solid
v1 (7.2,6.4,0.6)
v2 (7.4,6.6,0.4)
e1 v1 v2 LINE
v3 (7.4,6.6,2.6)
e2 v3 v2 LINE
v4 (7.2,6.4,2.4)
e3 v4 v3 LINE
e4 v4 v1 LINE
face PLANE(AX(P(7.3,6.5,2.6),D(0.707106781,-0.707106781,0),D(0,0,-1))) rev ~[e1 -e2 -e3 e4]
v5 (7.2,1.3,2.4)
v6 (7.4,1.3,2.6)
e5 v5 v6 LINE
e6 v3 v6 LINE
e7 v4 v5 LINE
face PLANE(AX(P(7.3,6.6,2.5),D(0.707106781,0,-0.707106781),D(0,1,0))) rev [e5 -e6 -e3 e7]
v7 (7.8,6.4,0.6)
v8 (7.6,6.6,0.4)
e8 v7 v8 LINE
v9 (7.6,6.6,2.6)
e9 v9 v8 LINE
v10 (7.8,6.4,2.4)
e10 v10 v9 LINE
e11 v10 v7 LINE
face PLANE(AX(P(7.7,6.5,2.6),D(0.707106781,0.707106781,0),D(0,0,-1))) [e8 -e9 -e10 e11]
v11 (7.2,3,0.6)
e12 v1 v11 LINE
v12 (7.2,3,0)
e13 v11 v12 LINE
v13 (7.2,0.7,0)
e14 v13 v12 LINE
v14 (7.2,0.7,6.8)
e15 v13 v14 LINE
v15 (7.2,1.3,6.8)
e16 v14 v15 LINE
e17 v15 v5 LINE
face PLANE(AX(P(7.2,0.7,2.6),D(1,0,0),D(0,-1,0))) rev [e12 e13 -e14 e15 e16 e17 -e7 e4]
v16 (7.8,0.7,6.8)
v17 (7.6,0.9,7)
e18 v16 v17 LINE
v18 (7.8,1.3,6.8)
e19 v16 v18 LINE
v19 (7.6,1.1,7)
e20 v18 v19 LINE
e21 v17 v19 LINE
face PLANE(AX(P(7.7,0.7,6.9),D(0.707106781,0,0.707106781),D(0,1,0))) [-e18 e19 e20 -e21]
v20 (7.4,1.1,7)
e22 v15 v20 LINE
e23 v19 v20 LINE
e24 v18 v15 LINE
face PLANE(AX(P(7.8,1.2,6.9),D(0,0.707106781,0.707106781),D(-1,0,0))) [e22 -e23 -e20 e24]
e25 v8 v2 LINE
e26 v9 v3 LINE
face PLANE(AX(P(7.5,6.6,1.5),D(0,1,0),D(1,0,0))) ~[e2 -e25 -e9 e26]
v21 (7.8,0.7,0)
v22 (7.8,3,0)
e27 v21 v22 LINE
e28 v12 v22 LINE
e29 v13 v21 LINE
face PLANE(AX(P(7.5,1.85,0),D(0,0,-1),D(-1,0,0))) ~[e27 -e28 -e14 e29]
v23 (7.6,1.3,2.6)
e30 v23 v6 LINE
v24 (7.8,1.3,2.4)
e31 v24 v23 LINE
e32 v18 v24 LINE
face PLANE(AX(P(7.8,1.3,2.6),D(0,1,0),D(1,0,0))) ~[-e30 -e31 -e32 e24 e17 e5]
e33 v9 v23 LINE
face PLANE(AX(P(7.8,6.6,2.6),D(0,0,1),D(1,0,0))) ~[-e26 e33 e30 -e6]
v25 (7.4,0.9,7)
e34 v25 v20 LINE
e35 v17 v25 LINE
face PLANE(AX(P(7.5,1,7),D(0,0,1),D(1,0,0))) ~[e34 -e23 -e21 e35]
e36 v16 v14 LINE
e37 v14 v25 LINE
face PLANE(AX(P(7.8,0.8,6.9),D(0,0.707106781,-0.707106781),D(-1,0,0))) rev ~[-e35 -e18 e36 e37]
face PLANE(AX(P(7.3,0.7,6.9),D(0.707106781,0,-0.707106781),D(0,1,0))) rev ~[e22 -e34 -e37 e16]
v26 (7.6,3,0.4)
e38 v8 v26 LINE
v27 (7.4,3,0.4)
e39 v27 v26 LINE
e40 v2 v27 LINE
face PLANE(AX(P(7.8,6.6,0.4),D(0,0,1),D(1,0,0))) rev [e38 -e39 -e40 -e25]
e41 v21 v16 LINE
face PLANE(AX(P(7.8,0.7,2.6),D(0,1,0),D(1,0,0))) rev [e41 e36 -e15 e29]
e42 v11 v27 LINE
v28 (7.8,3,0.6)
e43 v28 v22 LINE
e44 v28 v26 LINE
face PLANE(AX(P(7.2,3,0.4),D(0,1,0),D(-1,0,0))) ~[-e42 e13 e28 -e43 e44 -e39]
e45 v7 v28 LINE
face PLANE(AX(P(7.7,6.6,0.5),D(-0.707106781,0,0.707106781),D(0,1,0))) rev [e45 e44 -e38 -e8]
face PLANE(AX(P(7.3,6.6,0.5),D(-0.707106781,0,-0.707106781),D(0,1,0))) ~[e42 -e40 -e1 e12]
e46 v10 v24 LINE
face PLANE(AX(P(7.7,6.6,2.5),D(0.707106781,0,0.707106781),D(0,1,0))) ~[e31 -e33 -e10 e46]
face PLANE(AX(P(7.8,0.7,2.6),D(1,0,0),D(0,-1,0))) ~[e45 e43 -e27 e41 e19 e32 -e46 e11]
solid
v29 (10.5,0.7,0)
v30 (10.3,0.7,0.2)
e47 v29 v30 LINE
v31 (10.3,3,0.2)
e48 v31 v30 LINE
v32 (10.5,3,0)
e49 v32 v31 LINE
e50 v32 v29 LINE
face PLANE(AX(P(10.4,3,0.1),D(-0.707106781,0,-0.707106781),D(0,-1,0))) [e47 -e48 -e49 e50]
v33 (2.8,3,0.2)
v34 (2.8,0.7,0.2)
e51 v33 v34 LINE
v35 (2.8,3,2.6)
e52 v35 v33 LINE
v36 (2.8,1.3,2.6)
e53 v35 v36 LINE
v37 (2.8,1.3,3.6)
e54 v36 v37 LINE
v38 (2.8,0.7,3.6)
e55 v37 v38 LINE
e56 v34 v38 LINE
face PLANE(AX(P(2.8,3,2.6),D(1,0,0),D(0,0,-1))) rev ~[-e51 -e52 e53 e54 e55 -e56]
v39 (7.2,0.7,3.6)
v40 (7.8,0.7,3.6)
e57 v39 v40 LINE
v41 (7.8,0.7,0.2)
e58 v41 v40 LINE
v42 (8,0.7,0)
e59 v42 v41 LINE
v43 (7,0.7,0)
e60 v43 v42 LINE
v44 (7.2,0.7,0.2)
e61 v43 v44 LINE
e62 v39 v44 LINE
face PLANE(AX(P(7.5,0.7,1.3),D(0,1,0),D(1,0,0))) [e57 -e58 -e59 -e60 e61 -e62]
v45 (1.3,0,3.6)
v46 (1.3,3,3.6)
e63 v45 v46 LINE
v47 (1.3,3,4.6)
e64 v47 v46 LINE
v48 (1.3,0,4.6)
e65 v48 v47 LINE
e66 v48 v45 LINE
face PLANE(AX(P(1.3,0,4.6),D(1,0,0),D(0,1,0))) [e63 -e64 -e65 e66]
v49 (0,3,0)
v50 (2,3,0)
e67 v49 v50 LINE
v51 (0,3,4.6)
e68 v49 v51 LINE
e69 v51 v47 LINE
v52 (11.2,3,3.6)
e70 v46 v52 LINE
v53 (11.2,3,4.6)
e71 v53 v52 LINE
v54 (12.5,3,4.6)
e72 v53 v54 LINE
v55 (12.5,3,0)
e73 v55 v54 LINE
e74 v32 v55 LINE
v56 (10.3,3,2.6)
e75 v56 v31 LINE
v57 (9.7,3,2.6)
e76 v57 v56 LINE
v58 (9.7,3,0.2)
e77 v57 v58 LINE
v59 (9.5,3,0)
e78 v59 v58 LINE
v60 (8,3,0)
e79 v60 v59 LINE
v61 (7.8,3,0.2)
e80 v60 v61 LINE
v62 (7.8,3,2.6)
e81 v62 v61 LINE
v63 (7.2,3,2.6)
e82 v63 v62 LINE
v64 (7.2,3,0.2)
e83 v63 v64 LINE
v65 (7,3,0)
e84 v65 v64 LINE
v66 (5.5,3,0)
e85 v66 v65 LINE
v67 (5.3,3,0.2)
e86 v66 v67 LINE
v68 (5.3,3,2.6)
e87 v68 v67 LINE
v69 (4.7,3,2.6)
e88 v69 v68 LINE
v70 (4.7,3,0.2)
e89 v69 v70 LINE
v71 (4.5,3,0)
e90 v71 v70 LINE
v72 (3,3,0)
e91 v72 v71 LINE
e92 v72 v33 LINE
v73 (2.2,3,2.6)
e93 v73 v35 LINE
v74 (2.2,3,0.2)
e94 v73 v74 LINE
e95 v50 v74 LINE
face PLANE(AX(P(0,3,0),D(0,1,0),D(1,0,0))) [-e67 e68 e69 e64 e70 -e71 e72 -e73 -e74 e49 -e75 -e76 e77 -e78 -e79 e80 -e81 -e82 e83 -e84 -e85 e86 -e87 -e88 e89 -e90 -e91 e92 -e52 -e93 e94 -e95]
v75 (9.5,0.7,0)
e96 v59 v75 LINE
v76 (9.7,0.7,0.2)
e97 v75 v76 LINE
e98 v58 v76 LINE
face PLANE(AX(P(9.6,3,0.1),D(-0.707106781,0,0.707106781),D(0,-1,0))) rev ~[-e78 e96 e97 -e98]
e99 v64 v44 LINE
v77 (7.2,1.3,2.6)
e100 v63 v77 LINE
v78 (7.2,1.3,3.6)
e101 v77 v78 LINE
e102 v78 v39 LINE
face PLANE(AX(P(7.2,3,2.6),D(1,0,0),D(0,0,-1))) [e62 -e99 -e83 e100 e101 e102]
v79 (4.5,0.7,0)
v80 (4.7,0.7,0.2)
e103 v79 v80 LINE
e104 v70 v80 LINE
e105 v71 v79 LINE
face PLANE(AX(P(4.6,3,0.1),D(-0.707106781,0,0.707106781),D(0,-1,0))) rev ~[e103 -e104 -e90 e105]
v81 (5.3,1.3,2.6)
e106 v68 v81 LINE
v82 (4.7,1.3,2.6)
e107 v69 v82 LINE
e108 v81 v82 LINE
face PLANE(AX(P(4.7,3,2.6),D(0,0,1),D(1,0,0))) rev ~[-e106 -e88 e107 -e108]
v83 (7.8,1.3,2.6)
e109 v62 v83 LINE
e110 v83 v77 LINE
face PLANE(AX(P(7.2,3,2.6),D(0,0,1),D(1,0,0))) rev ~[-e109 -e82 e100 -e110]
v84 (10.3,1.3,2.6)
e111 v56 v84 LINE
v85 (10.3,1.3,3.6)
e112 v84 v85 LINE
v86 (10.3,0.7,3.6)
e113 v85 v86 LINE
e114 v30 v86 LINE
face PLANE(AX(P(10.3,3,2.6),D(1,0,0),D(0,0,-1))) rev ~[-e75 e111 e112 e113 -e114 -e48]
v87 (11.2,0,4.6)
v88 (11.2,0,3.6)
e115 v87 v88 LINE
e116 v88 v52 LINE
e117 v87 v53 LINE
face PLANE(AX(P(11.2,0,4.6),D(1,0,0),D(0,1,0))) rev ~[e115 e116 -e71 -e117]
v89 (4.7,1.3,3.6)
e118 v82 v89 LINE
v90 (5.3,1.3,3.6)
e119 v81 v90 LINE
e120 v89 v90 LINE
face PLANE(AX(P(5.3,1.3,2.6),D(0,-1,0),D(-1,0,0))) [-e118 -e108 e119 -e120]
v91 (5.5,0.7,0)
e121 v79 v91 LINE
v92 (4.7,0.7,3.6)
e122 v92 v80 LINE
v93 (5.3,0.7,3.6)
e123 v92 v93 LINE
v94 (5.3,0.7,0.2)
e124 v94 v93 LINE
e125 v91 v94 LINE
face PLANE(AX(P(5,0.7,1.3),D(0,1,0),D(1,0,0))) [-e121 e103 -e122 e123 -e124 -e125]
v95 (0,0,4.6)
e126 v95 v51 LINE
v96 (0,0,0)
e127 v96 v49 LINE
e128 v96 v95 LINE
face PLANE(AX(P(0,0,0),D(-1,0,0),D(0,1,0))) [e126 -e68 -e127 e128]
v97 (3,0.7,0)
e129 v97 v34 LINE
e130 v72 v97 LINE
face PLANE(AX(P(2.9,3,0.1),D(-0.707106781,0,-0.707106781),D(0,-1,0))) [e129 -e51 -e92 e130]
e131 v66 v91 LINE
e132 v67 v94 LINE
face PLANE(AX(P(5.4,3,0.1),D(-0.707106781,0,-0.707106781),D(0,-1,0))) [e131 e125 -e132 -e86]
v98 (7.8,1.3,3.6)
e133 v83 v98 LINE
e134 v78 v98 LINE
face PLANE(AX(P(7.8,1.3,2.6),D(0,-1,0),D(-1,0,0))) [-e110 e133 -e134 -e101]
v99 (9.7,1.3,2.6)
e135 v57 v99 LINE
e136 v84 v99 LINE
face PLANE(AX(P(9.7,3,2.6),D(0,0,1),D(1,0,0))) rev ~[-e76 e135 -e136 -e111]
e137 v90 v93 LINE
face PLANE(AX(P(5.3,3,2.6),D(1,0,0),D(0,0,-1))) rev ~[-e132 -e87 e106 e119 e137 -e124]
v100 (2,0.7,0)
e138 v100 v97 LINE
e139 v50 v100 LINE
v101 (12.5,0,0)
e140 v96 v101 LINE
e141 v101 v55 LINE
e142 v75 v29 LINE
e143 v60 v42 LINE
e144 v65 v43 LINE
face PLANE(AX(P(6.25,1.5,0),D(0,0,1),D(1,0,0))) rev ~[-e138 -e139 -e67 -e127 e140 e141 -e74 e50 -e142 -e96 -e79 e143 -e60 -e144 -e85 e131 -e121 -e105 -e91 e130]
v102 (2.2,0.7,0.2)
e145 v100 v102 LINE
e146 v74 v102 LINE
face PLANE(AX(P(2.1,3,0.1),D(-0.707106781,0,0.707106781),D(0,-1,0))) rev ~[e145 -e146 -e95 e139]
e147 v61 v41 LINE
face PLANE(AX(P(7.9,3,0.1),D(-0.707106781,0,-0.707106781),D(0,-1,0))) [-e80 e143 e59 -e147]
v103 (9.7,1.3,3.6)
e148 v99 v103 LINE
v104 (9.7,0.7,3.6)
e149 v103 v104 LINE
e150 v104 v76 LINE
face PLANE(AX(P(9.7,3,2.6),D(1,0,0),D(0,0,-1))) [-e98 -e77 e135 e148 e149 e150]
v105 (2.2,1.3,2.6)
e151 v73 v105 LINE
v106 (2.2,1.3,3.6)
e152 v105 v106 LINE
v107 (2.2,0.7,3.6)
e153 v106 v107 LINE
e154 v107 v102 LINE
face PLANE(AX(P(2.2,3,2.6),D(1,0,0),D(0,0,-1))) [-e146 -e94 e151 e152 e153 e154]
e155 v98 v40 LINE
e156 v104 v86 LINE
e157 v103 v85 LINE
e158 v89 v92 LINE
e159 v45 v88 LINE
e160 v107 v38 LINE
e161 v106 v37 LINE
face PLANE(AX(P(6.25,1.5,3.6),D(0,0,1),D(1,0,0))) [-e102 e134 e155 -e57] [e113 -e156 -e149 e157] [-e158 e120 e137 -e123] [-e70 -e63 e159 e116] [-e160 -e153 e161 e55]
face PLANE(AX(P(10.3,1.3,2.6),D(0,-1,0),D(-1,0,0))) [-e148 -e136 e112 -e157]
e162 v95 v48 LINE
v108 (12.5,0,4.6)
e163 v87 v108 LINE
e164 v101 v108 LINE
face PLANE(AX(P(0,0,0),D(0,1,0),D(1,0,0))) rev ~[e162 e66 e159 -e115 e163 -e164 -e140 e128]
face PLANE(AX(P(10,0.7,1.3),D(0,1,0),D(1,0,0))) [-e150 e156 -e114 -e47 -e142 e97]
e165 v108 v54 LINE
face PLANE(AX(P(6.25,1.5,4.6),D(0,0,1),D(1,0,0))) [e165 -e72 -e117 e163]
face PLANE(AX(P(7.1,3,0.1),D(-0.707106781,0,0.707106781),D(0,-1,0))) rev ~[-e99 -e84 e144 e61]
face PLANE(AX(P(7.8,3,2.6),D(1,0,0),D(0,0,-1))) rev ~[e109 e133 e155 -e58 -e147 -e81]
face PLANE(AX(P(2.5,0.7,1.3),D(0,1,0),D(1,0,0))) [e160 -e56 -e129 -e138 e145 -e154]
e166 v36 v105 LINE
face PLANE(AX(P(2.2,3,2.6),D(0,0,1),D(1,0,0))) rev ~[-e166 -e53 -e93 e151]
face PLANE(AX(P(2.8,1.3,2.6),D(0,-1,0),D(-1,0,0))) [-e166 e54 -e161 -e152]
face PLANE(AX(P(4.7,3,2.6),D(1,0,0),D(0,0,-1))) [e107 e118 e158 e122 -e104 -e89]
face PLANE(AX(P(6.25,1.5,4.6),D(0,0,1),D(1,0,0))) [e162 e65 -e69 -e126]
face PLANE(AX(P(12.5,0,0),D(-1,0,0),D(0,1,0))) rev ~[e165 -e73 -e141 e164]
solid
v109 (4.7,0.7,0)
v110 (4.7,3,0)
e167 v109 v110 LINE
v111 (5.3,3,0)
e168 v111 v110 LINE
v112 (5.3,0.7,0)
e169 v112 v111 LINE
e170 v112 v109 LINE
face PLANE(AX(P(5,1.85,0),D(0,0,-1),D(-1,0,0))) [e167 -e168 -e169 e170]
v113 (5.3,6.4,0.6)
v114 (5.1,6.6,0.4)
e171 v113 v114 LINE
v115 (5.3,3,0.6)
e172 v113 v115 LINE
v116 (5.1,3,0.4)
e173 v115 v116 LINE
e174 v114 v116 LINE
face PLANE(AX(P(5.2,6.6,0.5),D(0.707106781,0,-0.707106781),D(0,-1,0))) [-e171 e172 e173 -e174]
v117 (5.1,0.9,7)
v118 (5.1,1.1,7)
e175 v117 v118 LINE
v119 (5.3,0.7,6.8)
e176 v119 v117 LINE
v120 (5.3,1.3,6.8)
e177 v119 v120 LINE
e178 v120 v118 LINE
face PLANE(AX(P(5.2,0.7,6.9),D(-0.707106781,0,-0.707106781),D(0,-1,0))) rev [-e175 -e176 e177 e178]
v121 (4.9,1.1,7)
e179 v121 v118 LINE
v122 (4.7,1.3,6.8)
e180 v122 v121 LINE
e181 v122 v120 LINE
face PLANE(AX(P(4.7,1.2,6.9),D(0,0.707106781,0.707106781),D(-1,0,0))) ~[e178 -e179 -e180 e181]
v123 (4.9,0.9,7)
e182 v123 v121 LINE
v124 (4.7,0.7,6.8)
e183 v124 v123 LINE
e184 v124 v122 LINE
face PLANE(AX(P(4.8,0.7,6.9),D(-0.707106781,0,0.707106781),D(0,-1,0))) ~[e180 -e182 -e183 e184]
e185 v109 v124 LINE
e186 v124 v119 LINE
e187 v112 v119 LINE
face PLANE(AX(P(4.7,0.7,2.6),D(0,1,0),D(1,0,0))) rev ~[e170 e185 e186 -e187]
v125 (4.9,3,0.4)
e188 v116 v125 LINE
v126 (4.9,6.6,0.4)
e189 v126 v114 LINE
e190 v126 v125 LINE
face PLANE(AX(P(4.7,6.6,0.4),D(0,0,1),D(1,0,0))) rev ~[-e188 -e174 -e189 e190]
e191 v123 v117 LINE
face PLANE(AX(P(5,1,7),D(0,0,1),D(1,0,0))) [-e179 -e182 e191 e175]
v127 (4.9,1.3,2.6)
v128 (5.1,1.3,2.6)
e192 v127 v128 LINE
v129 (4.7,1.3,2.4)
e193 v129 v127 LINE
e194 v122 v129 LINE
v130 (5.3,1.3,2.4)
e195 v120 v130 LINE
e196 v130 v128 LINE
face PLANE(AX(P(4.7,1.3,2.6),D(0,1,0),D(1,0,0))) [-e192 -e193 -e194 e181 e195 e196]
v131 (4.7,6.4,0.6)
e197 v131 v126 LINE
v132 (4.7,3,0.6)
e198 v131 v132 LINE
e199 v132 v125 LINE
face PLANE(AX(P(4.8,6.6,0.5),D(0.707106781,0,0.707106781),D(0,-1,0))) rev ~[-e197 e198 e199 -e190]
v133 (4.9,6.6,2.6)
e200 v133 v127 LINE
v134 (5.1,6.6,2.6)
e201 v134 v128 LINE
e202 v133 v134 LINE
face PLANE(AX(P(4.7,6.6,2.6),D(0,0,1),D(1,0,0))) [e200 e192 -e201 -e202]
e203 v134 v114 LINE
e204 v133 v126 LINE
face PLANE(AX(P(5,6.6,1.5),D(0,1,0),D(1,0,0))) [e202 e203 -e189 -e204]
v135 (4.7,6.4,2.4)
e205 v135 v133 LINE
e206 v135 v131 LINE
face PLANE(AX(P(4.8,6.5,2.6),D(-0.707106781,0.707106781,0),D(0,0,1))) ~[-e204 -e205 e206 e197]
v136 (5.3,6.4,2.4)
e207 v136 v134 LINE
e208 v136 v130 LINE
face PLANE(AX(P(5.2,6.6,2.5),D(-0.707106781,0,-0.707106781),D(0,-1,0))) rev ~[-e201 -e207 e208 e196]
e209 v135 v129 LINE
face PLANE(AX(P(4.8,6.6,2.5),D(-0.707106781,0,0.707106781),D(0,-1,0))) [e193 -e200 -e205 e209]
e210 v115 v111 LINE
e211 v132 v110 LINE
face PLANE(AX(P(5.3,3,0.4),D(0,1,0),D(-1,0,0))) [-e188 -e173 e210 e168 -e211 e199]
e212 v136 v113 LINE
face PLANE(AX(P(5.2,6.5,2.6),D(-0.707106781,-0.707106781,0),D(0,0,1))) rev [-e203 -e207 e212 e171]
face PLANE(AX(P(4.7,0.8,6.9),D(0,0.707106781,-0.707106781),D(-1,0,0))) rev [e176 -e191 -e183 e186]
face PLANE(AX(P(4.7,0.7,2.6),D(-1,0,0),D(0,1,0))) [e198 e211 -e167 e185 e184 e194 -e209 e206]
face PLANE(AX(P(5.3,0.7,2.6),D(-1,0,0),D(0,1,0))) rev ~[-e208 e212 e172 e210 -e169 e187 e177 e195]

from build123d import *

# Parameters (mm, degrees)
SKETCH_1_W          = 12.5
SKETCH_1_H          = 3
EXTRUDE_1_DEPTH     = 4.6
SKETCH_2_W          = 9.9
SKETCH_2_H          = 3
CUT_EXTRUDE_1_DEPTH = 1
SKETCH_3_W          = 0.6
SKETCH_3_H          = 2.6
CUT_EXTRUDE_2_DEPTH = 2.3
CHAMFER_1_SIZE      = 0.2
SKETCH_5_W          = 0.6
SKETCH_5_H          = 0.6
CUT_EXTRUDE_3_DEPTH = 14.115258289
SKETCH_6_W          = 0.6
SKETCH_6_H          = 2.2
EXTRUDE_2_DEPTH     = 5.9
SKETCH_9_W          = 0.6
SKETCH_9_H          = 2.3
EXTRUDE_8_DEPTH     = 0.4
SKETCH_8_W          = 0.6
SKETCH_8_H          = 0.6
EXTRUDE_7_DEPTH     = 4.4
CHAMFER_2_SIZE      = 0.2


with BuildPart() as part:
    # Эскиз1 → Бобышка-Вытянуть1 (new body)
    with BuildSketch(Plane.XY):
        with Locations((6.25, 1.5)):
            Rectangle(SKETCH_1_W, SKETCH_1_H)
    extrude(amount=EXTRUDE_1_DEPTH)

    # Эскиз2 → Вырез-Вытянуть1 (cut)
    with BuildSketch(Plane.XY.offset(4.6)):
        with Locations((6.25, 1.5)):
            Rectangle(SKETCH_2_W, SKETCH_2_H)
    extrude(amount=-CUT_EXTRUDE_1_DEPTH, mode=Mode.SUBTRACT)

    # Эскиз3 → Вырез-Вытянуть2 (cut)
    with BuildSketch(Plane(origin=(0, 3, 0), x_dir=(1, 0, 0), z_dir=(0, 1, 0))):
        with Locations((2.5, -1.3)):
            Rectangle(SKETCH_3_W, SKETCH_3_H)
        with Locations((5, -1.3)):
            Rectangle(SKETCH_3_W, SKETCH_3_H)
        with Locations((7.5, -1.3)):
            Rectangle(SKETCH_3_W, SKETCH_3_H)
        with Locations((10, -1.3)):
            Rectangle(SKETCH_3_W, SKETCH_3_H)
    extrude(amount=-CUT_EXTRUDE_2_DEPTH, mode=Mode.SUBTRACT)

    # Фаска1
    chamfer_1_edges = [part.edges().sort_by_distance(p)[0] for p in [
        (2.8, 1.85, 0),
        (2.2, 1.85, 0),
        (5.3, 1.85, 0),
        (4.7, 1.85, 0),
        (7.8, 1.85, 0),
        (7.2, 1.85, 0),
        (10.3, 1.85, 0),
        (9.7, 1.85, 0),
    ]]
    chamfer(chamfer_1_edges, length=CHAMFER_1_SIZE)

    # Эскиз5 → Вырез-Вытянуть3 (cut, through all)
    with BuildSketch(Plane(origin=(0, 0, 2.6), x_dir=(-1, 0, 0), z_dir=(0, 0, -1))):
        with Locations((-10, 1)):
            Rectangle(SKETCH_5_W, SKETCH_5_H)
        with Locations((-7.5, 1)):
            Rectangle(SKETCH_5_W, SKETCH_5_H)
        with Locations((-5, 1)):
            Rectangle(SKETCH_5_W, SKETCH_5_H)
        with Locations((-2.5, 1)):
            Rectangle(SKETCH_5_W, SKETCH_5_H)
    extrude(amount=-CUT_EXTRUDE_3_DEPTH, mode=Mode.SUBTRACT)


with BuildPart() as body_2:
    # Эскиз6 → Бобышка-Вытянуть2 (new body)
    with BuildSketch(Plane(origin=(0, 6.6, 0), x_dir=(1, 0, 0), z_dir=(0, 1, 0))):
        with Locations((5, -1.5)):
            Rectangle(SKETCH_6_W, SKETCH_6_H)
    extrude(amount=-EXTRUDE_2_DEPTH)

    # Эскиз9 → Бобышка-Вытянуть8 (add)
    with BuildSketch(Plane(origin=(0, 0, 0.4), x_dir=(-1, 0, 0), z_dir=(0, 0, -1))):
        with Locations((-5, 1.85)):
            Rectangle(SKETCH_9_W, SKETCH_9_H)
    extrude(amount=EXTRUDE_8_DEPTH)

    # Эскиз8 → Бобышка-Вытянуть7 (add)
    with BuildSketch(Plane.XY.offset(2.6)):
        with Locations((5, 1)):
            Rectangle(SKETCH_8_W, SKETCH_8_H)
    extrude(amount=EXTRUDE_7_DEPTH)

    # Фаска2
    chamfer_2_edges = [body_2.edges().sort_by_distance(p)[0] for p in [
        (4.7, 3.95, 2.6),
        (4.7, 4.8, 0.4),
        (4.7, 6.6, 1.5),
        (5.3, 3.95, 2.6),
        (5.3, 6.6, 1.5),
        (5.3, 4.8, 0.4),
        (4.7, 1, 7),
        (5.3, 1, 7),
        (5, 1.3, 7),
        (5, 0.7, 7),
    ]]
    chamfer(chamfer_2_edges, length=CHAMFER_2_SIZE)


with BuildPart() as body_3:
    # Зеркальное отражение1: mirrored copy
    add(body_2.part.mirror(Plane(origin=(6.25, 0, 0), x_dir=(0, 0, 1), z_dir=(1, 0, 0))))


solid = Compound([part.part, body_2.part, body_3.part])
